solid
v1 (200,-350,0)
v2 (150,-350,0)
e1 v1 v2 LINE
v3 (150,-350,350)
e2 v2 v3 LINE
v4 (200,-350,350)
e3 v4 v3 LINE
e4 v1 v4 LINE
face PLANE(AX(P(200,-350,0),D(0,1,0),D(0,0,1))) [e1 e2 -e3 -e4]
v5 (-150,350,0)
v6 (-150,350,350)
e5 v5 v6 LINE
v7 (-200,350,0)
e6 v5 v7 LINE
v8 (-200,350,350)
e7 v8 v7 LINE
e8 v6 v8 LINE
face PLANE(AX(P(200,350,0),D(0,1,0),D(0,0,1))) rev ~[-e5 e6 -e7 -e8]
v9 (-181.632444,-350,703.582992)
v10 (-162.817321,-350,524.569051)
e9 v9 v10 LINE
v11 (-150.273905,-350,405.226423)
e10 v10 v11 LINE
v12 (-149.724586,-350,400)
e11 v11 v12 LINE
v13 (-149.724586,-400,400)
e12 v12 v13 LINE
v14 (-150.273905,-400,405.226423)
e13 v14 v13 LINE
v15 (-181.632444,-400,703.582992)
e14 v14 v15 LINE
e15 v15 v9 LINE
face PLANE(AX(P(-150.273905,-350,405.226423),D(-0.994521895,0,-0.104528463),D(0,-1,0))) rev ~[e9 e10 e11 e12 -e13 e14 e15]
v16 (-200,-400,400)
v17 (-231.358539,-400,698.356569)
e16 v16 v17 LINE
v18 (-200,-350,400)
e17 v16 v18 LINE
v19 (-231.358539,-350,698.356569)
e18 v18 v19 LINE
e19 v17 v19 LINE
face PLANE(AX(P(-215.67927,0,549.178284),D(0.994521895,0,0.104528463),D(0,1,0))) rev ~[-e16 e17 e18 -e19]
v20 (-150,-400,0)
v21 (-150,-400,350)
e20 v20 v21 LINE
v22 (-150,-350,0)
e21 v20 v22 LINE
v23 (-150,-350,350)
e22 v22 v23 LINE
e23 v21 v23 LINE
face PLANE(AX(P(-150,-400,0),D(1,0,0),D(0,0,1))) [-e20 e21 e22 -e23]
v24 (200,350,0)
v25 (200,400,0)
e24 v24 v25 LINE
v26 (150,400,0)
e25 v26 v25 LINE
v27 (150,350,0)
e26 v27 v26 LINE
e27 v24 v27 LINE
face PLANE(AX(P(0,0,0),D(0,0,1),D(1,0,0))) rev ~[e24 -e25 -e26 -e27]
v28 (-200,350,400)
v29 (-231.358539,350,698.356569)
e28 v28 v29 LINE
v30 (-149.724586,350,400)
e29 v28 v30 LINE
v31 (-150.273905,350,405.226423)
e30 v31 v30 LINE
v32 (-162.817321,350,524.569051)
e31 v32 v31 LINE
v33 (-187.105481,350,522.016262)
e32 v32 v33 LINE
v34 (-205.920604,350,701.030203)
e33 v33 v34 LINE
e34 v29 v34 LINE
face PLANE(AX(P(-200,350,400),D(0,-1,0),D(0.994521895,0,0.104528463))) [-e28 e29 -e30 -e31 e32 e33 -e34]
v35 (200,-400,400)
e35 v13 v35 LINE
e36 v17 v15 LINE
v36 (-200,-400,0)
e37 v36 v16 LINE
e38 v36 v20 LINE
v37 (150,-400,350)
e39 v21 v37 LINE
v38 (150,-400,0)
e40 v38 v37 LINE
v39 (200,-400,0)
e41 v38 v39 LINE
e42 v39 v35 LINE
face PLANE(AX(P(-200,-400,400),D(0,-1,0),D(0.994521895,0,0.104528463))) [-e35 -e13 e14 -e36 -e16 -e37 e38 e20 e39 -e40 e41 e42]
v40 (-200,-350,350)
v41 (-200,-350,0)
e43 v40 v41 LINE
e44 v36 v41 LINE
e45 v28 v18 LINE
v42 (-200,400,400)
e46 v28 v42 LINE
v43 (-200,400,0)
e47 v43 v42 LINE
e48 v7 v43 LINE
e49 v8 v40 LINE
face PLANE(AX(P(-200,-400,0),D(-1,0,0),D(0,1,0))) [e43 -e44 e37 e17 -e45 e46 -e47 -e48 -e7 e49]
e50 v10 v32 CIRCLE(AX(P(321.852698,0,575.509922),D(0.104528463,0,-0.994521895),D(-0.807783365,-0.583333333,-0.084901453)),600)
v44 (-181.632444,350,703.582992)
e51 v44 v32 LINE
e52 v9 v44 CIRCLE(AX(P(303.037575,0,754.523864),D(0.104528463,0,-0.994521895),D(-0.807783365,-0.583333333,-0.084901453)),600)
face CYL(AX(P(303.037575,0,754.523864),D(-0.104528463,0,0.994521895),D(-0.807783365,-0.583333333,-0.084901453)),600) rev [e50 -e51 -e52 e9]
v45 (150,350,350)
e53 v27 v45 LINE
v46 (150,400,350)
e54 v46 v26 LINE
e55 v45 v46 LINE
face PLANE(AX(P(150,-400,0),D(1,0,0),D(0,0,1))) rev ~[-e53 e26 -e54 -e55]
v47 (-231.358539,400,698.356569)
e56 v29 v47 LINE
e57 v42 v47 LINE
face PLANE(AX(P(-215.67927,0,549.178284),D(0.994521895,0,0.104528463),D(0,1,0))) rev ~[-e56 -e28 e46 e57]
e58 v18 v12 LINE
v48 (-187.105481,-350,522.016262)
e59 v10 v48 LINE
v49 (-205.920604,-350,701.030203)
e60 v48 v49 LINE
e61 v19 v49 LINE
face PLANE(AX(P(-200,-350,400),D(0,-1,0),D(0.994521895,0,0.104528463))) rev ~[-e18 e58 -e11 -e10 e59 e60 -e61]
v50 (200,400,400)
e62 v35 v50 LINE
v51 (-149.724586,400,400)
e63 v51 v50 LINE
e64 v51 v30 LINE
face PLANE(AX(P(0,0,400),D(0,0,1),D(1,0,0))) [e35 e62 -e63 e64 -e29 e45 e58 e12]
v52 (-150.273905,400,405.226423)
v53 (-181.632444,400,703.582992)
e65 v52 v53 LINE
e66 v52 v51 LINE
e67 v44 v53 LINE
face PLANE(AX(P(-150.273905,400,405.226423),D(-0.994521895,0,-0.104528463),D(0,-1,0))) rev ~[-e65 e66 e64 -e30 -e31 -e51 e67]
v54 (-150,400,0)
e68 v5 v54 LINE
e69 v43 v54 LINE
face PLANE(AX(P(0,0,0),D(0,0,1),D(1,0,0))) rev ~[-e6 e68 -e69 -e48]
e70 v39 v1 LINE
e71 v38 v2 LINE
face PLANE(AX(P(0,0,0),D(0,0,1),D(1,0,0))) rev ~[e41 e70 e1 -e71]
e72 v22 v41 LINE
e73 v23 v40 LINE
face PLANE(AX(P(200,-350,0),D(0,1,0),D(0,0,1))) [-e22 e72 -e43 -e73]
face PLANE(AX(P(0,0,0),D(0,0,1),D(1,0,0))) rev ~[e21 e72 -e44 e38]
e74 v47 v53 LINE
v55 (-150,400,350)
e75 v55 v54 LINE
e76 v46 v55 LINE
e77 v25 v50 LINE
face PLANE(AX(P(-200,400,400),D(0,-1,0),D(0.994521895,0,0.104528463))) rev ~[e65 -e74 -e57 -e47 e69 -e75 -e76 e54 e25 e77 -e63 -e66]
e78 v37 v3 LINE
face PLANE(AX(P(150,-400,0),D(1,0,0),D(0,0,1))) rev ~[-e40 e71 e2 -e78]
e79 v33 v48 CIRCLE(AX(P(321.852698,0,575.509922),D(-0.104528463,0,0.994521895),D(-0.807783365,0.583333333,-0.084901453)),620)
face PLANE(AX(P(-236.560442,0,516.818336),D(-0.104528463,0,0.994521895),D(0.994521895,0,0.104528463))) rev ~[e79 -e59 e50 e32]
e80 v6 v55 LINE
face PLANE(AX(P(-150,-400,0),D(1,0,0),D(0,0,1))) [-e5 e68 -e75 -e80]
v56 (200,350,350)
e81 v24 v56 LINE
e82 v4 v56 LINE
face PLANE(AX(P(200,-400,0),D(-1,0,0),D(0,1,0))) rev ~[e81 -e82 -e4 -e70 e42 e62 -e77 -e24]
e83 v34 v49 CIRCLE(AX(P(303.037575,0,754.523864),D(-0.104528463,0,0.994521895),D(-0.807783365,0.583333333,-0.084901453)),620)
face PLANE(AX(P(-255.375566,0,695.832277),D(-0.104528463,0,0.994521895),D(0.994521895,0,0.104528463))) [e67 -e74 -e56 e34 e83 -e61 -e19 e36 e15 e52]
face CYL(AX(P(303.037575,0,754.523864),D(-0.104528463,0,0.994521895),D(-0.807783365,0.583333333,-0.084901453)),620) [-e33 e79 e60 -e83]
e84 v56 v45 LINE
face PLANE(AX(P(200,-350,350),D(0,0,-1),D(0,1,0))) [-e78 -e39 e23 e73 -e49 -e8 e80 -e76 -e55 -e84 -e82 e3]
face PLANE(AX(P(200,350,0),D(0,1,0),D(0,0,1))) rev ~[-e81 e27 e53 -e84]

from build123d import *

# Parameters (mm, degrees)
F0_W       = 400
F0_H       = 800
F1_DEPTH   = 400
F2_W       = 300
F2_H       = 350
F3_DEPTH   = 800.001
F4_W       = 700
F4_H       = 350
F5_DEPTH   = 400.001
F10_W      = 800
F10_H      = 300
F11_DEPTH  = 50
F12_W      = 700
F12_H      = 300
F13_DEPTH  = 429.5428217516
F13_FACE_W = 50
F13_FACE_H = 50
F18_DEPTH  = 180


with BuildPart() as f1:
    # F0 (on Top) → F1 (new body)
    with BuildSketch(Plane.XY):
        Rectangle(F0_W, F0_H)
    extrude(amount=F1_DEPTH)

    # F2 (on face) → F3 (cut, through all)
    with BuildSketch(Plane.XZ.offset(400)):
        with Locations((0, 175)):
            Rectangle(F2_W, F2_H)
    extrude(amount=-F3_DEPTH, mode=Mode.SUBTRACT)

    # F4 (on face) → F5 (cut, through all)
    with BuildSketch(Plane.YZ.offset(200)):
        with Locations((0, 175)):
            Rectangle(F4_W, F4_H)
    extrude(amount=-F5_DEPTH, mode=Mode.SUBTRACT)

    # F10 (on face) → F11 (join)
    with BuildSketch(Plane(origin=(-156.2324219098, 0, -16.4206892285), x_dir=(0, 1, 0), z_dir=(0.9945218954, 0, 0.1045284633))):
        with Locations((0, 568.7144508008)):
            Rectangle(F10_W, F10_H)
    extrude(amount=F11_DEPTH)

    # F12 (on face) → F13 (cut, through all)
    with BuildSketch(Plane(origin=(-156.2324219098, 0, -16.4206892285), x_dir=(0, -1, 0), z_dir=(-0.9945218954, 0, -0.1045284633))):
        with Locations((0, 568.7144508008)):
            Rectangle(F12_W, F12_H)
    extrude(amount=-F13_DEPTH, mode=Mode.SUBTRACT)

    # F13_face (on face) → F14 (join, up to the next surface of F1)
    with BuildSketch(Plane(origin=(-175.1369526158, -375, 402.6132115817), x_dir=(1, 0, 0), z_dir=(0.1045284633, 0, -0.9945218954))):
        Rectangle(F13_FACE_W, F13_FACE_H)
    extrude(until=Until.NEXT)

    # F13_face (on face) → F15 (join, up to the next surface of F1)
    with BuildSketch(Plane(origin=(-175.1369526158, -375, 402.6132115817), x_dir=(1, 0, 0), z_dir=(0.1045284633, 0, -0.9945218954))):
        with Locations((0, -750)):
            Rectangle(F13_FACE_W, F13_FACE_H)
    extrude(until=Until.NEXT)

    # F17 (on plane+point) → F18 (join)
    with BuildSketch(Plane(origin=(-75.1261170705, 0, 714.777257839), x_dir=(0.9945218954, 0, 0.1045284633), z_dir=(-0.1045284633, 0, 0.9945218954))):
        with BuildLine():
            ThreePointArc((-107.0929937666, -350), (-219.7532765261, 0), (-107.0929937666, 350))
            Line((-107.0929937666, 350), (-123.3376510079, 361.6666666667))
            ThreePointArc((-123.3376510079, 361.6666666667), (-239.7532765261, 0), (-123.3376510079, -361.6666666667))
            Line((-123.3376510079, -361.6666666667), (-107.0929937666, -350))
        make_face()
    extrude(amount=-F18_DEPTH)


solid = f1.part
